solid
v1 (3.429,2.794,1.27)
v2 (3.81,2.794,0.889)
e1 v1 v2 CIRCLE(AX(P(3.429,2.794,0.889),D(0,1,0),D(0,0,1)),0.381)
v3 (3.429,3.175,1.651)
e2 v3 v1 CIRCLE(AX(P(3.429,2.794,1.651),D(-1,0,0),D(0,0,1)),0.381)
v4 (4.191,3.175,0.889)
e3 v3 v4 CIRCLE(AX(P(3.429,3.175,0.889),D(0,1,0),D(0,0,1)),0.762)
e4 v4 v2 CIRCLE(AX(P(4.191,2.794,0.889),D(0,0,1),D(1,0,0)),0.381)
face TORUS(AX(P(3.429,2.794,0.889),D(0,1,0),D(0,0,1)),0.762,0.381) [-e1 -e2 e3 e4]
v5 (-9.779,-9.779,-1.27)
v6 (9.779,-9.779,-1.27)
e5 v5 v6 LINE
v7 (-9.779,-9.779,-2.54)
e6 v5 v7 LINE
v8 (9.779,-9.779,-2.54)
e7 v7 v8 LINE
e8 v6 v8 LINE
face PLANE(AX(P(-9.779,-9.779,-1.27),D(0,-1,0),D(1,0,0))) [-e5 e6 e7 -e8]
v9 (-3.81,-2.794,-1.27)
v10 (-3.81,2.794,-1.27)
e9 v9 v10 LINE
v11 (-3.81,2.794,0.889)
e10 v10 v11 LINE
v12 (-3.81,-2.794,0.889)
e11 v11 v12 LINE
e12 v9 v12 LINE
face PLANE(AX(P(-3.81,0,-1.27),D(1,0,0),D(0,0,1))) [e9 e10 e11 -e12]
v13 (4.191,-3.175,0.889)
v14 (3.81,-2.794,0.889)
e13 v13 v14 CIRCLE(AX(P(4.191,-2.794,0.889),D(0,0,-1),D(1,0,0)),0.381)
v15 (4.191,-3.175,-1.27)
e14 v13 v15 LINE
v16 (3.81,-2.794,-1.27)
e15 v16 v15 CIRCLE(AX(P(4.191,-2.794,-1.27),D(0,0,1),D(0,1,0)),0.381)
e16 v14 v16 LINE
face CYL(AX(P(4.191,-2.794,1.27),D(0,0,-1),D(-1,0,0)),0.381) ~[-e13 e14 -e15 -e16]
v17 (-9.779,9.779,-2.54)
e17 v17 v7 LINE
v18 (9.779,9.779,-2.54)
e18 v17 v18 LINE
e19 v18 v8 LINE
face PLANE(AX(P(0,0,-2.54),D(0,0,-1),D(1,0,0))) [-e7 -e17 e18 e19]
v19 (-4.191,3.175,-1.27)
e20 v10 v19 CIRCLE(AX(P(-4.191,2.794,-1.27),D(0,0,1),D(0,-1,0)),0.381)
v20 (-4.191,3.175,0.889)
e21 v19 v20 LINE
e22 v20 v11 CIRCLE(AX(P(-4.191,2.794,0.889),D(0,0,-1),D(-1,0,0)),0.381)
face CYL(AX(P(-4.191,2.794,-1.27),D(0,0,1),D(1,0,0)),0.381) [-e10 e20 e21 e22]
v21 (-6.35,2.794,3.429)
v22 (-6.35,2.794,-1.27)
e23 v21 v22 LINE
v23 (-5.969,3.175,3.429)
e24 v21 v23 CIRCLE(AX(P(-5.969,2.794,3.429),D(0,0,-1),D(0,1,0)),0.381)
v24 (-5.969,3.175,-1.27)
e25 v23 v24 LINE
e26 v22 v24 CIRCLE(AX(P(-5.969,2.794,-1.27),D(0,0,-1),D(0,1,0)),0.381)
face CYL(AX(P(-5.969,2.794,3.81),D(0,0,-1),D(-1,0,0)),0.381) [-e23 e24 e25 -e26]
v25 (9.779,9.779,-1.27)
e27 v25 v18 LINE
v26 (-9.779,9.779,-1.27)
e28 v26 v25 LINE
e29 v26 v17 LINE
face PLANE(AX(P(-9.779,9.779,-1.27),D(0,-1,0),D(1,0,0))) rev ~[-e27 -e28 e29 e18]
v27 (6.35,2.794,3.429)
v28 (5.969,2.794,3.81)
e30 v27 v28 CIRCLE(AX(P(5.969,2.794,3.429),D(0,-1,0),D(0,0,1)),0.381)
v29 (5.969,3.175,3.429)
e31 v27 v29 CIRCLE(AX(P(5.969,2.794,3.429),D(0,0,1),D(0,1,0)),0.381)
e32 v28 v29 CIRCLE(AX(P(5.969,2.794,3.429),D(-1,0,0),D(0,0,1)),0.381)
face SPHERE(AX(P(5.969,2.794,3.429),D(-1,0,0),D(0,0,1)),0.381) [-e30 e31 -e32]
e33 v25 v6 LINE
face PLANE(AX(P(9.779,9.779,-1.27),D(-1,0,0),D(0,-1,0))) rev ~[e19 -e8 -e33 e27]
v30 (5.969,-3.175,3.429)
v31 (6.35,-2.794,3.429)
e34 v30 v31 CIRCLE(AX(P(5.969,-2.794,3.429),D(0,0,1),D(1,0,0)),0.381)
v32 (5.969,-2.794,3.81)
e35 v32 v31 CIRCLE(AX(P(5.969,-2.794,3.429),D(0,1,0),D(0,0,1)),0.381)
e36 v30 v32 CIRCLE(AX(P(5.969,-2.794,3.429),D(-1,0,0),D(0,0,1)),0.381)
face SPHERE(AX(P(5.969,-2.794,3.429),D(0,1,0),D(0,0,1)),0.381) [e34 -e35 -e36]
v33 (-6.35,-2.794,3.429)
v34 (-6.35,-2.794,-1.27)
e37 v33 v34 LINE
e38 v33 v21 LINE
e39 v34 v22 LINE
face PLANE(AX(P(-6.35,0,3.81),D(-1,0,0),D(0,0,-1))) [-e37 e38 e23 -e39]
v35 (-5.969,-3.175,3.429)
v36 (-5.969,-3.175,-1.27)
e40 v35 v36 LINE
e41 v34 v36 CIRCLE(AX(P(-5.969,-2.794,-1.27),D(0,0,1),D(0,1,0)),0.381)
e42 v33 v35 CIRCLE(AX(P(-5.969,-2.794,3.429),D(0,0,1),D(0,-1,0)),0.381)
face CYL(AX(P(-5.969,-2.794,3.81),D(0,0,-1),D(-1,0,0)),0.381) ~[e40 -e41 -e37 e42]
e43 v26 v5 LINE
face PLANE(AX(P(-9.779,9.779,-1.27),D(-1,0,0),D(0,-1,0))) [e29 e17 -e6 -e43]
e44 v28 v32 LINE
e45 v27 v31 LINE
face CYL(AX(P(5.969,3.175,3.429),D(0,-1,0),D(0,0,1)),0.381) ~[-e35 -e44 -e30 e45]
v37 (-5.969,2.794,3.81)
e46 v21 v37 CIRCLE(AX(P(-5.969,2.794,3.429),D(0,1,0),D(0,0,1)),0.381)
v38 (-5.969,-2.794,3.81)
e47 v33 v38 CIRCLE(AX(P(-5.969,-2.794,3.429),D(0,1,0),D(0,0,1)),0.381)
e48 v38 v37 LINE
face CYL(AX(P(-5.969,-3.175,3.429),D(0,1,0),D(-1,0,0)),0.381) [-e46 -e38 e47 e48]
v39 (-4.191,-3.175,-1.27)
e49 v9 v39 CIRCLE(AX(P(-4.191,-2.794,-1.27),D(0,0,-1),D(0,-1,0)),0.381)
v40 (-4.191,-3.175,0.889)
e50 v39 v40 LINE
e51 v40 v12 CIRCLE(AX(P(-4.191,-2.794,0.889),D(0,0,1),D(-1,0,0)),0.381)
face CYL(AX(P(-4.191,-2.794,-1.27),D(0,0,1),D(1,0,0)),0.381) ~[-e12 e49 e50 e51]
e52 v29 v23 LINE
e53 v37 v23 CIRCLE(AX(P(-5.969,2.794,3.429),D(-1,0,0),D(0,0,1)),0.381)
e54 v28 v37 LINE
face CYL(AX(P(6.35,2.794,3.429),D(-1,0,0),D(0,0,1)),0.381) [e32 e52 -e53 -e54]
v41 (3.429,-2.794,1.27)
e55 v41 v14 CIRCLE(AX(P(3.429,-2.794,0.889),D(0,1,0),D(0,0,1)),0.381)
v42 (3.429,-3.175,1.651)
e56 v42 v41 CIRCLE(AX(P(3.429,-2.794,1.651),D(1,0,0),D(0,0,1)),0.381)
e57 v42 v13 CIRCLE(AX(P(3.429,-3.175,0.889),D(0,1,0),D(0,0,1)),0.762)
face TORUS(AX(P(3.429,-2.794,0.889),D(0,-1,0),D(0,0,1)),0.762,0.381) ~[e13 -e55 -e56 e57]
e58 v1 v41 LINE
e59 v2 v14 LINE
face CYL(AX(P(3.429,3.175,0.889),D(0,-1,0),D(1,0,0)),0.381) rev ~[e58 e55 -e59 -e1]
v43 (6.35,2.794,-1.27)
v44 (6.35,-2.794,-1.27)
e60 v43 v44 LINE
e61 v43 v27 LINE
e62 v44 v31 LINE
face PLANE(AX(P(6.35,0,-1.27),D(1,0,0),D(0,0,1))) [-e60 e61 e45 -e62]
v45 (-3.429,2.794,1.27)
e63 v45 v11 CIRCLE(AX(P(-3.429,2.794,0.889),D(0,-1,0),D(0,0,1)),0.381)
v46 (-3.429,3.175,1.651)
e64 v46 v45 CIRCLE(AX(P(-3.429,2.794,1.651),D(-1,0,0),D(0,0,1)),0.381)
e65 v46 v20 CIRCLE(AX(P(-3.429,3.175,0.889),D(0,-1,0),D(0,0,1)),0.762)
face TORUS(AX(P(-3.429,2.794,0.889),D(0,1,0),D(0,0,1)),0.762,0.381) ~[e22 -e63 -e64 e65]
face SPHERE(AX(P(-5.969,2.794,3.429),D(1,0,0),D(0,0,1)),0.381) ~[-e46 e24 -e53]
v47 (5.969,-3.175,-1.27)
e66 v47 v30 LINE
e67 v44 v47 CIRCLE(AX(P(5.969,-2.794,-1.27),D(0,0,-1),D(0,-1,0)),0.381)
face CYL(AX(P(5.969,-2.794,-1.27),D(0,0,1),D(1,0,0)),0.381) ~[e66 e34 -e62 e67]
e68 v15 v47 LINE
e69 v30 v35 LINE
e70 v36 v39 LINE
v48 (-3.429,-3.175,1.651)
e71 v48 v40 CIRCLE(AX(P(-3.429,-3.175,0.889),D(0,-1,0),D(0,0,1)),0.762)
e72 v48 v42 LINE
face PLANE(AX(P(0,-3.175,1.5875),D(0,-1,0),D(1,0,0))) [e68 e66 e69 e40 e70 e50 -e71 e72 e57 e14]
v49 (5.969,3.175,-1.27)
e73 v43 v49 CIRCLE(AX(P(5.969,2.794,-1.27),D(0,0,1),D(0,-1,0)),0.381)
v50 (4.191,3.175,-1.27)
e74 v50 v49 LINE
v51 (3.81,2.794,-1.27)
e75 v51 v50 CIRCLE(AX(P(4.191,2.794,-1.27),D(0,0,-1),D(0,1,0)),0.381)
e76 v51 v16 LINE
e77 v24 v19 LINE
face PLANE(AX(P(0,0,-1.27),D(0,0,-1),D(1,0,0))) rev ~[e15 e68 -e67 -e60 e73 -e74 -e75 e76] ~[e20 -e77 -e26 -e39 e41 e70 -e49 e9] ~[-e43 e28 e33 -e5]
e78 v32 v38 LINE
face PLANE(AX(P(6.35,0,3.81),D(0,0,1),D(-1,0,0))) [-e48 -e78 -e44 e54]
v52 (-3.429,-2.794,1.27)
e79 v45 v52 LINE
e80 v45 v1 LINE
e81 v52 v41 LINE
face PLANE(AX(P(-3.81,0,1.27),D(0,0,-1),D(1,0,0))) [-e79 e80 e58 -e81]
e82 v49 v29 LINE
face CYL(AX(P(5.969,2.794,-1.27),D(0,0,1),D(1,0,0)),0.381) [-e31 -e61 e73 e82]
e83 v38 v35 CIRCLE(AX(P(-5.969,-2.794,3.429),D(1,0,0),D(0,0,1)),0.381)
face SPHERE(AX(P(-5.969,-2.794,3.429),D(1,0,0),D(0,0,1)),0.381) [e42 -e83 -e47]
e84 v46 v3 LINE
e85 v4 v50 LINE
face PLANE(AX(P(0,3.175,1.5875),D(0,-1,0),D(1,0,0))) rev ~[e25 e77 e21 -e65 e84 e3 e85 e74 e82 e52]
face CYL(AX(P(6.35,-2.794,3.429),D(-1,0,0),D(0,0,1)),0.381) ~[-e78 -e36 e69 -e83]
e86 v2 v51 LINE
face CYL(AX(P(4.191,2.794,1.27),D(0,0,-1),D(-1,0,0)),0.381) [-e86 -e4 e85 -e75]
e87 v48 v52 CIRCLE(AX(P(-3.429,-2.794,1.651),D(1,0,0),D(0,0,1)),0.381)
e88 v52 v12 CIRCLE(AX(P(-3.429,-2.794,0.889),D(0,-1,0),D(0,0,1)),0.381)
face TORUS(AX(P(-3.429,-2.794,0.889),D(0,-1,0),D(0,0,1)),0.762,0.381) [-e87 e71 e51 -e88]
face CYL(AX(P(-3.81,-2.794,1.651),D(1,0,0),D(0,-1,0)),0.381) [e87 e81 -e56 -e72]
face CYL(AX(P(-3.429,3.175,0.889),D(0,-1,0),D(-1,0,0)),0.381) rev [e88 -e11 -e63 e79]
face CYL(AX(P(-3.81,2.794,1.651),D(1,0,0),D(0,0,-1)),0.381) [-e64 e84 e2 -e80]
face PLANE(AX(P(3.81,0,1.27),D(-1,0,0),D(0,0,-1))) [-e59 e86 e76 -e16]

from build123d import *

# Parameters (mm, degrees)
F1_DEPTH = 3.175
F2_R     = 0.381
F3_W     = 19.558
F3_H     = 19.558
F4_DEPTH = 1.27


with BuildPart() as f1:
    # F0 (on Front) → F1 (new body, symmetric)
    with BuildSketch(Plane.XZ):
        Polygon((-3.81, -1.27), (-3.81, 1.27), (3.81, 1.27), (3.81, -1.27), (6.35, -1.27), (6.35, 3.81), (-6.35, 3.81), (-6.35, -1.27), align=None)
    extrude(amount=F1_DEPTH, both=True)

    # F2
    f2_edges = [f1.edges().sort_by_distance(p)[0] for p in [
        (0, 3.175, 3.81),
        (6.35, 0, 3.81),
        (0, -3.175, 3.81),
        (-6.35, 0, 3.81),
        (-6.35, -3.175, 1.27),
        (-6.35, 3.175, 1.27),
        (0, 3.175, 1.27),
        (-3.81, 3.175, 0),
        (3.81, 3.175, 0),
        (6.35, 3.175, 1.27),
        (6.35, -3.175, 1.27),
        (0, -3.175, 1.27),
        (-3.81, -3.175, 0),
        (3.81, -3.175, 0),
        (-3.81, 0, 1.27),
        (3.81, 0, 1.27),
    ]]
    fillet(f2_edges, radius=F2_R)

    # F3 (on face) → F4 (join)
    with BuildSketch(Plane(origin=(0, 0, -1.27), x_dir=(1, 0, 0), z_dir=(0, 0, -1))):
        Rectangle(F3_W, F3_H)
        with BuildLine():
            Line((3.81, -2.794), (3.81, 2.794))
            ThreePointArc((3.81, 2.794), (3.921592, 3.063408), (4.191, 3.175))
            Line((4.191, 3.175), (5.969, 3.175))
            ThreePointArc((5.969, 3.175), (6.238408, 3.063408), (6.35, 2.794))
            Line((6.35, 2.794), (6.35, -2.794))
            ThreePointArc((6.35, -2.794), (6.238408, -3.063408), (5.969, -3.175))
            Line((5.969, -3.175), (4.191, -3.175))
            ThreePointArc((4.191, -3.175), (3.921592, -3.063408), (3.81, -2.794))
        make_face(mode=Mode.SUBTRACT)
        with BuildLine():
            ThreePointArc((4.191, 3.175), (3.921592, 3.063408), (3.81, 2.794))
            Line((3.81, 2.794), (3.81, -2.794))
            ThreePointArc((3.81, -2.794), (3.921592, -3.063408), (4.191, -3.175))
            Line((4.191, -3.175), (5.969, -3.175))
            ThreePointArc((5.969, -3.175), (6.238408, -3.063408), (6.35, -2.794))
            Line((6.35, -2.794), (6.35, 2.794))
            ThreePointArc((6.35, 2.794), (6.238408, 3.063408), (5.969, 3.175))
            Line((5.969, 3.175), (4.191, 3.175))
        make_face()
    extrude(amount=F4_DEPTH)


solid = f1.part
